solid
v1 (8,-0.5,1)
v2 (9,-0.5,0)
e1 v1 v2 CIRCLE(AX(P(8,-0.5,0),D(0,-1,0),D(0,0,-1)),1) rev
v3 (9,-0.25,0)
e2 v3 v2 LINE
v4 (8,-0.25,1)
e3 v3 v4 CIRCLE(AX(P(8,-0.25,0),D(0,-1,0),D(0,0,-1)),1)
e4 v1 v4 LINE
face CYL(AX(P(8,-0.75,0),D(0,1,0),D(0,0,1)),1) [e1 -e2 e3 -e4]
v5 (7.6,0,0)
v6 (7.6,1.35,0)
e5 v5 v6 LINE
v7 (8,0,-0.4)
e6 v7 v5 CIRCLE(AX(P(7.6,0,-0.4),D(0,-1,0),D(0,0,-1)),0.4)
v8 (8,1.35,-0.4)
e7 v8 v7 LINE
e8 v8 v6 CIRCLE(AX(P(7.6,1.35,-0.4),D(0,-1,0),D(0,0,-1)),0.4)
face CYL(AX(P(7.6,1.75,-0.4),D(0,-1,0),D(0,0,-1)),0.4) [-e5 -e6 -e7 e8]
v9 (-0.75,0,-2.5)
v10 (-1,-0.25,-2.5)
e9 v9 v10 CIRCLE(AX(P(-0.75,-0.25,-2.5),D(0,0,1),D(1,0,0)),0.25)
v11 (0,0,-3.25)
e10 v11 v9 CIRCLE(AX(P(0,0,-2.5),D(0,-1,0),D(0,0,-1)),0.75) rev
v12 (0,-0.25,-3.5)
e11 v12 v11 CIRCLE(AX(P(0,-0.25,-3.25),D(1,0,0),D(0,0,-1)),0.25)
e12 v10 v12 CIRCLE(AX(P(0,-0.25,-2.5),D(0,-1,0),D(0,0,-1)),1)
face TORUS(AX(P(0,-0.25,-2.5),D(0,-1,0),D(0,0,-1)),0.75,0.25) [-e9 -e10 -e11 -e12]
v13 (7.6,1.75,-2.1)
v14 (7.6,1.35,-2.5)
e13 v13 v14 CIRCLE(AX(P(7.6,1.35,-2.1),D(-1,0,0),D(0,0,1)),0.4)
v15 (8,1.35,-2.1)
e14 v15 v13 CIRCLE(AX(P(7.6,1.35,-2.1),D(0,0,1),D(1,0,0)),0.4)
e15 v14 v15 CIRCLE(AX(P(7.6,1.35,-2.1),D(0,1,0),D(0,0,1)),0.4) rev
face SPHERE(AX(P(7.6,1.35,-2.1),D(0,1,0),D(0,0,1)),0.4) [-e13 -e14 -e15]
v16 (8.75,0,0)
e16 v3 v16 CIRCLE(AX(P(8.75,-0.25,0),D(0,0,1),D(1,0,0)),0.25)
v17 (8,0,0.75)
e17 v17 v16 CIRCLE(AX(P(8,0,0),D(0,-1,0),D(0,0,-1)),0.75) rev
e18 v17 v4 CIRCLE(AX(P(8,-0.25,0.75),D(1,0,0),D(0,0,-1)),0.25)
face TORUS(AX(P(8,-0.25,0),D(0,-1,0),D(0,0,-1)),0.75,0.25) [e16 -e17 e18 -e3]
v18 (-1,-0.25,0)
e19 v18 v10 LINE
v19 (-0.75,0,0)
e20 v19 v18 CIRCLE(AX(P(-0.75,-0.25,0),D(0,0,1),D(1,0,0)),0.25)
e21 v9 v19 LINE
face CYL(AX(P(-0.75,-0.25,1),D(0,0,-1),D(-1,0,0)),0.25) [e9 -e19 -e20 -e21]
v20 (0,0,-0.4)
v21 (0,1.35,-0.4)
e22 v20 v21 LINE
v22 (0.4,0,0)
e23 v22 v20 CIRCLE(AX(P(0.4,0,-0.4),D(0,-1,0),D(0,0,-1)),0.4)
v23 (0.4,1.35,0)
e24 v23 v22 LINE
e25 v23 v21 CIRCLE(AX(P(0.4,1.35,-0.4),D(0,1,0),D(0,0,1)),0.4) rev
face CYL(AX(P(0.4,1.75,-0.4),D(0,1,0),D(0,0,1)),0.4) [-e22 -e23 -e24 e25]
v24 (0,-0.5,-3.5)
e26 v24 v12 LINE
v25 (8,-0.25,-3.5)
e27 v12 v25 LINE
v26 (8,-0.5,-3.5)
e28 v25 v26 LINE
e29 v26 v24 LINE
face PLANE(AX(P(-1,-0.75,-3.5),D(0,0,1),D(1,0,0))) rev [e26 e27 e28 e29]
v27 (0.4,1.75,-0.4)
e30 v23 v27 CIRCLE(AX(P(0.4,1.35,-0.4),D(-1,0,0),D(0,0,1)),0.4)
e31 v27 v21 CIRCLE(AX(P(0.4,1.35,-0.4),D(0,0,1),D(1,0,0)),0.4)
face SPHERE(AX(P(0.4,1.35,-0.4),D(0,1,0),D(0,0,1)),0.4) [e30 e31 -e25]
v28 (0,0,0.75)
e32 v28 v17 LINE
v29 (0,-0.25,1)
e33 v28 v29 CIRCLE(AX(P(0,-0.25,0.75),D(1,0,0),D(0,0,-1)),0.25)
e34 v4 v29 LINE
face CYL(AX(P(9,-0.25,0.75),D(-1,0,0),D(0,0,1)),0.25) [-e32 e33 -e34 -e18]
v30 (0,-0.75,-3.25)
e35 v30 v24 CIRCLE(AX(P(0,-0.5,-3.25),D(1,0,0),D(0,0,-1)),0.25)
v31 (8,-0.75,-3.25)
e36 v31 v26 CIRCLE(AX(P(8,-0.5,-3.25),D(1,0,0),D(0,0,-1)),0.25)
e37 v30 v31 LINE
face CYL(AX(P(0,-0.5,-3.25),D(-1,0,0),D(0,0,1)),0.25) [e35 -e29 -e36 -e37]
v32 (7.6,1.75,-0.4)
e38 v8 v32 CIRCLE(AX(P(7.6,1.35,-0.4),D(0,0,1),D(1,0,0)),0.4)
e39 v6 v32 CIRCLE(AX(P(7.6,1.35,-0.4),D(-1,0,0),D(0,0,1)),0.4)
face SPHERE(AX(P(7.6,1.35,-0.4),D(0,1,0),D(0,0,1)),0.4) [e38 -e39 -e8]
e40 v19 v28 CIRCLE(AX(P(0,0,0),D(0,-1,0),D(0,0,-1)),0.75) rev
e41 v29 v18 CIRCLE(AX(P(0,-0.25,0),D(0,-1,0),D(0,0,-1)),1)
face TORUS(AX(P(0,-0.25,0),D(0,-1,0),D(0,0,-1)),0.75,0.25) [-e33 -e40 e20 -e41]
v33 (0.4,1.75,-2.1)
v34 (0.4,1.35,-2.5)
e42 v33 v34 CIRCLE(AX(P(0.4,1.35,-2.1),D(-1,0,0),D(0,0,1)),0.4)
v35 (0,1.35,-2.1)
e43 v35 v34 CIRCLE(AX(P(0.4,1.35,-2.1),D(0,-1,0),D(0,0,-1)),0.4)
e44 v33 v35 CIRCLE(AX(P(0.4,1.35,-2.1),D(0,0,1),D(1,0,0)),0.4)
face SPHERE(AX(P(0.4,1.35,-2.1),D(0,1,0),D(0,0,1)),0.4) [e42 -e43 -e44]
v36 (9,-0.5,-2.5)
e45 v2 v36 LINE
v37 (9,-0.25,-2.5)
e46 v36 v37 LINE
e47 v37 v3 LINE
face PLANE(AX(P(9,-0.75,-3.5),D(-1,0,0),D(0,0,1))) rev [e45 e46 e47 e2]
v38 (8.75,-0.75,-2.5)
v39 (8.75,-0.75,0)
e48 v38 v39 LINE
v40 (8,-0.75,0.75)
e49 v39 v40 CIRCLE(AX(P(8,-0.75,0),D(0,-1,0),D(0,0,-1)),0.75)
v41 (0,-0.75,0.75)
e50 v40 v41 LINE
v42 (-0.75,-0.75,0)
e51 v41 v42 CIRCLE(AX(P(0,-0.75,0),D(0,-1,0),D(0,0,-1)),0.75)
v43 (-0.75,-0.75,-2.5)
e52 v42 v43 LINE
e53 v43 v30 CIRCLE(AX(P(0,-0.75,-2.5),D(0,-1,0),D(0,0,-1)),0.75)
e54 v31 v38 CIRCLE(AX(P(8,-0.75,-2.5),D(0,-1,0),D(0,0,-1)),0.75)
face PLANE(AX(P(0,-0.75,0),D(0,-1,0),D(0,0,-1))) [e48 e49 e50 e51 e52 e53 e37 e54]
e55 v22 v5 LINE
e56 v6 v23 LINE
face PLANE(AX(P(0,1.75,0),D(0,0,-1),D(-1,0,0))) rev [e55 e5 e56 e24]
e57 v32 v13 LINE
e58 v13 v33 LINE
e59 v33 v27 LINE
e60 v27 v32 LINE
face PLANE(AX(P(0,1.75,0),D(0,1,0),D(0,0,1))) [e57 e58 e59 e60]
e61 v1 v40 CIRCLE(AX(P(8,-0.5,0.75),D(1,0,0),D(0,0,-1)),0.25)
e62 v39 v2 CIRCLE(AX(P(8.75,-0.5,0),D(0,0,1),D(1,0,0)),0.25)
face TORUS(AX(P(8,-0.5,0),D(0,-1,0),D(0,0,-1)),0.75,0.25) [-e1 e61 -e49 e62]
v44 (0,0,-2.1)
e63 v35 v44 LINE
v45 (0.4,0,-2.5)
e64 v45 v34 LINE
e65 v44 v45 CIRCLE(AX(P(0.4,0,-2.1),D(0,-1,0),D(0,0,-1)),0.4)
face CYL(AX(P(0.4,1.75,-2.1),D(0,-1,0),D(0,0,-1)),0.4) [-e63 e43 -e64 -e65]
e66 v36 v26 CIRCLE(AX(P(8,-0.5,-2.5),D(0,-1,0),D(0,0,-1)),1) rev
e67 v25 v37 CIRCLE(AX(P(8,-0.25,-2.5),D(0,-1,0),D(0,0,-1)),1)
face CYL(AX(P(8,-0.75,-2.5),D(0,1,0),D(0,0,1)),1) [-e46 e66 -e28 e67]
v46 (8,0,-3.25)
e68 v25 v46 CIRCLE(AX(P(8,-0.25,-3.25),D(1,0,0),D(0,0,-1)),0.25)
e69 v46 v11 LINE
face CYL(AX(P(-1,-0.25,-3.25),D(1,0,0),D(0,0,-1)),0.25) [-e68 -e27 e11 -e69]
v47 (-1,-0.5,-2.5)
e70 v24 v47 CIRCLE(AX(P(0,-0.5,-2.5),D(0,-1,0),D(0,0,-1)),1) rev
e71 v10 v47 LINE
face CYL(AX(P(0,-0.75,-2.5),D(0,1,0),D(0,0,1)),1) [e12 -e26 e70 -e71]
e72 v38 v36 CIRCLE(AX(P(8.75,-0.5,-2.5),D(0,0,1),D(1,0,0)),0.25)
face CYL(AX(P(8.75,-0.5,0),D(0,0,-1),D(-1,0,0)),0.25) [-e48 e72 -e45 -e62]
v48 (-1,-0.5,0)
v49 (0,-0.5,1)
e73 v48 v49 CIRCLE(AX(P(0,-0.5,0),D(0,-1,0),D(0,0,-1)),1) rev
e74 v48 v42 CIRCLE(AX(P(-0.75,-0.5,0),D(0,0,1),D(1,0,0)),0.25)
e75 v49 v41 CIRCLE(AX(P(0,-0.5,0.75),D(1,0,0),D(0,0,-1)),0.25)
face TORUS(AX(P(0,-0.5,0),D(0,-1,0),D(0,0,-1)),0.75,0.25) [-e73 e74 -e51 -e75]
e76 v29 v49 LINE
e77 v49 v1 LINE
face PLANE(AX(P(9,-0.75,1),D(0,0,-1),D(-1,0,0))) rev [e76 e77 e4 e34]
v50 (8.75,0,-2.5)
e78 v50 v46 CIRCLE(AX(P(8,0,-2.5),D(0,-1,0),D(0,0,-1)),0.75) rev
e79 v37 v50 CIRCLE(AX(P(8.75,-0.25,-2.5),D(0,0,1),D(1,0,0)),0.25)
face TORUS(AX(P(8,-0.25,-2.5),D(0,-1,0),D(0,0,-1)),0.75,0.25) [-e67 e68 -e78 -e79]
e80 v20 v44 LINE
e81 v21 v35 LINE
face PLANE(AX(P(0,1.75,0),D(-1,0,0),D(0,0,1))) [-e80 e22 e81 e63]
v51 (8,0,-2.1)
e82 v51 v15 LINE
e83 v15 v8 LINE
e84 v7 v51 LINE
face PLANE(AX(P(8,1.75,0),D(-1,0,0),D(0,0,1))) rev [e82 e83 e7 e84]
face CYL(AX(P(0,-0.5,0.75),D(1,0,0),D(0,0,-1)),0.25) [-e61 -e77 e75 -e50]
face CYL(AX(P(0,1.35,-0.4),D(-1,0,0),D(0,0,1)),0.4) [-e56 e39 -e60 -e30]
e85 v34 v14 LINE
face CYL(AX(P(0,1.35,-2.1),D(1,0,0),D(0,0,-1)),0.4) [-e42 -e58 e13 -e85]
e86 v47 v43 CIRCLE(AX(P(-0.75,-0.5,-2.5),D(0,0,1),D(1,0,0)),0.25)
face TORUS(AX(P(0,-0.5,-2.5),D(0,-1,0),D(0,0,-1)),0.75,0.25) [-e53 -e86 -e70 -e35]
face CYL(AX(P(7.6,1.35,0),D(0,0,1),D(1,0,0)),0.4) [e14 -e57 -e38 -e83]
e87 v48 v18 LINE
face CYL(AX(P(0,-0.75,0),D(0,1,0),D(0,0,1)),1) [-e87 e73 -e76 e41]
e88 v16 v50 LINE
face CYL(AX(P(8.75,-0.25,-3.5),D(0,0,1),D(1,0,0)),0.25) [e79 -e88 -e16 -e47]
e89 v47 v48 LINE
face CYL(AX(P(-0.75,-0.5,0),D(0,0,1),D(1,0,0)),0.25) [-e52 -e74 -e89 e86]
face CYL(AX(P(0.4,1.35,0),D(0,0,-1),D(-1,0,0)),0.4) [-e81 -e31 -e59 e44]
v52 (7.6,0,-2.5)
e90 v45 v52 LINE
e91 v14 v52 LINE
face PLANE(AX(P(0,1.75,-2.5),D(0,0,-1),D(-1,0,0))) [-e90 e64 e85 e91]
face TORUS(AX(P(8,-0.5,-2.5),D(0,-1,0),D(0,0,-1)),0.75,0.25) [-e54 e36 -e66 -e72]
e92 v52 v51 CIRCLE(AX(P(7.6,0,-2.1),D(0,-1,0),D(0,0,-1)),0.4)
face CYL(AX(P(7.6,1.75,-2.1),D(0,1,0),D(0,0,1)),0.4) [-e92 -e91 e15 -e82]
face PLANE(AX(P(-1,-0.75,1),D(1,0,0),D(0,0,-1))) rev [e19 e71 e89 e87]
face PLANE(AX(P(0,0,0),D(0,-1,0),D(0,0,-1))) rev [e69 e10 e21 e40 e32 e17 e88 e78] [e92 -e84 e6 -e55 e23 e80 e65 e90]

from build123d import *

# Parameters (mm, degrees)
SKETCH1_W           = 8
SKETCH1_H           = 2.5
BOSS_EXTRUDE1_DEPTH = 1.75
SKETCH2_W           = 10
SKETCH2_H           = 4.5
BOSS_EXTRUDE2_DEPTH = 0.75
FILLET1_R           = 0.4
FILLET2_R           = 0.4
FILLET3_R           = 1
FILLET4_R           = 0.25


with BuildPart() as part:
    # Sketch1 → Boss-Extrude1 (new body)
    with BuildSketch(Plane(origin=(0, 0, 0), x_dir=(1, 0, 0), z_dir=(0, 1, 0))):
        with Locations((4, 1.25)):
            Rectangle(SKETCH1_W, SKETCH1_H)
    extrude(amount=BOSS_EXTRUDE1_DEPTH)

    # Sketch2 → Boss-Extrude2 (add)
    with BuildSketch(Plane.XZ):
        with Locations((4, -1.25)):
            Rectangle(SKETCH2_W, SKETCH2_H)
    extrude(amount=BOSS_EXTRUDE2_DEPTH)

    # Fillet1
    fillet1_edges = [part.edges().sort_by_distance(p)[0] for p in [
        (0, 0.875, -2.5),
        (0, 0.875, 0),
        (8, 0.875, 0),
        (8, 0.875, -2.5),
    ]]
    fillet(fillet1_edges, radius=FILLET1_R)

    # Fillet2
    fillet2_edges = [part.edges().sort_by_distance(p)[0] for p in [
        (8, 1.75, -1.25),
        (4, 1.75, 0),
        (4, 1.75, -2.5),
        (0, 1.75, -1.25),
        (0.117157288, 1.75, -0.117157288),
        (0.117157288, 1.75, -2.382842712),
        (7.882842712, 1.75, -2.382842712),
        (7.882842712, 1.75, -0.117157288),
    ]]
    fillet(fillet2_edges, radius=FILLET2_R)

    # Fillet3
    fillet3_edges = [part.edges().sort_by_distance(p)[0] for p in [
        (-1, -0.375, 1),
        (-1, -0.375, -3.5),
        (9, -0.375, -3.5),
        (9, -0.375, 1),
    ]]
    fillet(fillet3_edges, radius=FILLET3_R)

    # Fillet4
    fillet4_edges = [part.edges().sort_by_distance(p)[0] for p in [
        (9, 0, -1.25),
        (9, -0.75, -1.25),
        (-1, 0, -1.25),
        (4, 0, 1),
        (4, 0, -3.5),
        (8.707106781, 0, 0.707106781),
        (-0.7071067811865478, 0, 0.7071067811865477),
        (-0.707106781, 0, -3.207106781),
        (8.707106781, 0, -3.207106781),
        (4, -0.75, -3.5),
        (-1, -0.75, -1.25),
        (4, -0.75, 1),
        (8.707106781, -0.75, 0.707106781),
        (-0.707106781, -0.75, 0.707106781),
        (-0.707106781, -0.75, -3.207106781),
        (8.707106781, -0.75, -3.207106781),
    ]]
    fillet(fillet4_edges, radius=FILLET4_R)


solid = part.part
